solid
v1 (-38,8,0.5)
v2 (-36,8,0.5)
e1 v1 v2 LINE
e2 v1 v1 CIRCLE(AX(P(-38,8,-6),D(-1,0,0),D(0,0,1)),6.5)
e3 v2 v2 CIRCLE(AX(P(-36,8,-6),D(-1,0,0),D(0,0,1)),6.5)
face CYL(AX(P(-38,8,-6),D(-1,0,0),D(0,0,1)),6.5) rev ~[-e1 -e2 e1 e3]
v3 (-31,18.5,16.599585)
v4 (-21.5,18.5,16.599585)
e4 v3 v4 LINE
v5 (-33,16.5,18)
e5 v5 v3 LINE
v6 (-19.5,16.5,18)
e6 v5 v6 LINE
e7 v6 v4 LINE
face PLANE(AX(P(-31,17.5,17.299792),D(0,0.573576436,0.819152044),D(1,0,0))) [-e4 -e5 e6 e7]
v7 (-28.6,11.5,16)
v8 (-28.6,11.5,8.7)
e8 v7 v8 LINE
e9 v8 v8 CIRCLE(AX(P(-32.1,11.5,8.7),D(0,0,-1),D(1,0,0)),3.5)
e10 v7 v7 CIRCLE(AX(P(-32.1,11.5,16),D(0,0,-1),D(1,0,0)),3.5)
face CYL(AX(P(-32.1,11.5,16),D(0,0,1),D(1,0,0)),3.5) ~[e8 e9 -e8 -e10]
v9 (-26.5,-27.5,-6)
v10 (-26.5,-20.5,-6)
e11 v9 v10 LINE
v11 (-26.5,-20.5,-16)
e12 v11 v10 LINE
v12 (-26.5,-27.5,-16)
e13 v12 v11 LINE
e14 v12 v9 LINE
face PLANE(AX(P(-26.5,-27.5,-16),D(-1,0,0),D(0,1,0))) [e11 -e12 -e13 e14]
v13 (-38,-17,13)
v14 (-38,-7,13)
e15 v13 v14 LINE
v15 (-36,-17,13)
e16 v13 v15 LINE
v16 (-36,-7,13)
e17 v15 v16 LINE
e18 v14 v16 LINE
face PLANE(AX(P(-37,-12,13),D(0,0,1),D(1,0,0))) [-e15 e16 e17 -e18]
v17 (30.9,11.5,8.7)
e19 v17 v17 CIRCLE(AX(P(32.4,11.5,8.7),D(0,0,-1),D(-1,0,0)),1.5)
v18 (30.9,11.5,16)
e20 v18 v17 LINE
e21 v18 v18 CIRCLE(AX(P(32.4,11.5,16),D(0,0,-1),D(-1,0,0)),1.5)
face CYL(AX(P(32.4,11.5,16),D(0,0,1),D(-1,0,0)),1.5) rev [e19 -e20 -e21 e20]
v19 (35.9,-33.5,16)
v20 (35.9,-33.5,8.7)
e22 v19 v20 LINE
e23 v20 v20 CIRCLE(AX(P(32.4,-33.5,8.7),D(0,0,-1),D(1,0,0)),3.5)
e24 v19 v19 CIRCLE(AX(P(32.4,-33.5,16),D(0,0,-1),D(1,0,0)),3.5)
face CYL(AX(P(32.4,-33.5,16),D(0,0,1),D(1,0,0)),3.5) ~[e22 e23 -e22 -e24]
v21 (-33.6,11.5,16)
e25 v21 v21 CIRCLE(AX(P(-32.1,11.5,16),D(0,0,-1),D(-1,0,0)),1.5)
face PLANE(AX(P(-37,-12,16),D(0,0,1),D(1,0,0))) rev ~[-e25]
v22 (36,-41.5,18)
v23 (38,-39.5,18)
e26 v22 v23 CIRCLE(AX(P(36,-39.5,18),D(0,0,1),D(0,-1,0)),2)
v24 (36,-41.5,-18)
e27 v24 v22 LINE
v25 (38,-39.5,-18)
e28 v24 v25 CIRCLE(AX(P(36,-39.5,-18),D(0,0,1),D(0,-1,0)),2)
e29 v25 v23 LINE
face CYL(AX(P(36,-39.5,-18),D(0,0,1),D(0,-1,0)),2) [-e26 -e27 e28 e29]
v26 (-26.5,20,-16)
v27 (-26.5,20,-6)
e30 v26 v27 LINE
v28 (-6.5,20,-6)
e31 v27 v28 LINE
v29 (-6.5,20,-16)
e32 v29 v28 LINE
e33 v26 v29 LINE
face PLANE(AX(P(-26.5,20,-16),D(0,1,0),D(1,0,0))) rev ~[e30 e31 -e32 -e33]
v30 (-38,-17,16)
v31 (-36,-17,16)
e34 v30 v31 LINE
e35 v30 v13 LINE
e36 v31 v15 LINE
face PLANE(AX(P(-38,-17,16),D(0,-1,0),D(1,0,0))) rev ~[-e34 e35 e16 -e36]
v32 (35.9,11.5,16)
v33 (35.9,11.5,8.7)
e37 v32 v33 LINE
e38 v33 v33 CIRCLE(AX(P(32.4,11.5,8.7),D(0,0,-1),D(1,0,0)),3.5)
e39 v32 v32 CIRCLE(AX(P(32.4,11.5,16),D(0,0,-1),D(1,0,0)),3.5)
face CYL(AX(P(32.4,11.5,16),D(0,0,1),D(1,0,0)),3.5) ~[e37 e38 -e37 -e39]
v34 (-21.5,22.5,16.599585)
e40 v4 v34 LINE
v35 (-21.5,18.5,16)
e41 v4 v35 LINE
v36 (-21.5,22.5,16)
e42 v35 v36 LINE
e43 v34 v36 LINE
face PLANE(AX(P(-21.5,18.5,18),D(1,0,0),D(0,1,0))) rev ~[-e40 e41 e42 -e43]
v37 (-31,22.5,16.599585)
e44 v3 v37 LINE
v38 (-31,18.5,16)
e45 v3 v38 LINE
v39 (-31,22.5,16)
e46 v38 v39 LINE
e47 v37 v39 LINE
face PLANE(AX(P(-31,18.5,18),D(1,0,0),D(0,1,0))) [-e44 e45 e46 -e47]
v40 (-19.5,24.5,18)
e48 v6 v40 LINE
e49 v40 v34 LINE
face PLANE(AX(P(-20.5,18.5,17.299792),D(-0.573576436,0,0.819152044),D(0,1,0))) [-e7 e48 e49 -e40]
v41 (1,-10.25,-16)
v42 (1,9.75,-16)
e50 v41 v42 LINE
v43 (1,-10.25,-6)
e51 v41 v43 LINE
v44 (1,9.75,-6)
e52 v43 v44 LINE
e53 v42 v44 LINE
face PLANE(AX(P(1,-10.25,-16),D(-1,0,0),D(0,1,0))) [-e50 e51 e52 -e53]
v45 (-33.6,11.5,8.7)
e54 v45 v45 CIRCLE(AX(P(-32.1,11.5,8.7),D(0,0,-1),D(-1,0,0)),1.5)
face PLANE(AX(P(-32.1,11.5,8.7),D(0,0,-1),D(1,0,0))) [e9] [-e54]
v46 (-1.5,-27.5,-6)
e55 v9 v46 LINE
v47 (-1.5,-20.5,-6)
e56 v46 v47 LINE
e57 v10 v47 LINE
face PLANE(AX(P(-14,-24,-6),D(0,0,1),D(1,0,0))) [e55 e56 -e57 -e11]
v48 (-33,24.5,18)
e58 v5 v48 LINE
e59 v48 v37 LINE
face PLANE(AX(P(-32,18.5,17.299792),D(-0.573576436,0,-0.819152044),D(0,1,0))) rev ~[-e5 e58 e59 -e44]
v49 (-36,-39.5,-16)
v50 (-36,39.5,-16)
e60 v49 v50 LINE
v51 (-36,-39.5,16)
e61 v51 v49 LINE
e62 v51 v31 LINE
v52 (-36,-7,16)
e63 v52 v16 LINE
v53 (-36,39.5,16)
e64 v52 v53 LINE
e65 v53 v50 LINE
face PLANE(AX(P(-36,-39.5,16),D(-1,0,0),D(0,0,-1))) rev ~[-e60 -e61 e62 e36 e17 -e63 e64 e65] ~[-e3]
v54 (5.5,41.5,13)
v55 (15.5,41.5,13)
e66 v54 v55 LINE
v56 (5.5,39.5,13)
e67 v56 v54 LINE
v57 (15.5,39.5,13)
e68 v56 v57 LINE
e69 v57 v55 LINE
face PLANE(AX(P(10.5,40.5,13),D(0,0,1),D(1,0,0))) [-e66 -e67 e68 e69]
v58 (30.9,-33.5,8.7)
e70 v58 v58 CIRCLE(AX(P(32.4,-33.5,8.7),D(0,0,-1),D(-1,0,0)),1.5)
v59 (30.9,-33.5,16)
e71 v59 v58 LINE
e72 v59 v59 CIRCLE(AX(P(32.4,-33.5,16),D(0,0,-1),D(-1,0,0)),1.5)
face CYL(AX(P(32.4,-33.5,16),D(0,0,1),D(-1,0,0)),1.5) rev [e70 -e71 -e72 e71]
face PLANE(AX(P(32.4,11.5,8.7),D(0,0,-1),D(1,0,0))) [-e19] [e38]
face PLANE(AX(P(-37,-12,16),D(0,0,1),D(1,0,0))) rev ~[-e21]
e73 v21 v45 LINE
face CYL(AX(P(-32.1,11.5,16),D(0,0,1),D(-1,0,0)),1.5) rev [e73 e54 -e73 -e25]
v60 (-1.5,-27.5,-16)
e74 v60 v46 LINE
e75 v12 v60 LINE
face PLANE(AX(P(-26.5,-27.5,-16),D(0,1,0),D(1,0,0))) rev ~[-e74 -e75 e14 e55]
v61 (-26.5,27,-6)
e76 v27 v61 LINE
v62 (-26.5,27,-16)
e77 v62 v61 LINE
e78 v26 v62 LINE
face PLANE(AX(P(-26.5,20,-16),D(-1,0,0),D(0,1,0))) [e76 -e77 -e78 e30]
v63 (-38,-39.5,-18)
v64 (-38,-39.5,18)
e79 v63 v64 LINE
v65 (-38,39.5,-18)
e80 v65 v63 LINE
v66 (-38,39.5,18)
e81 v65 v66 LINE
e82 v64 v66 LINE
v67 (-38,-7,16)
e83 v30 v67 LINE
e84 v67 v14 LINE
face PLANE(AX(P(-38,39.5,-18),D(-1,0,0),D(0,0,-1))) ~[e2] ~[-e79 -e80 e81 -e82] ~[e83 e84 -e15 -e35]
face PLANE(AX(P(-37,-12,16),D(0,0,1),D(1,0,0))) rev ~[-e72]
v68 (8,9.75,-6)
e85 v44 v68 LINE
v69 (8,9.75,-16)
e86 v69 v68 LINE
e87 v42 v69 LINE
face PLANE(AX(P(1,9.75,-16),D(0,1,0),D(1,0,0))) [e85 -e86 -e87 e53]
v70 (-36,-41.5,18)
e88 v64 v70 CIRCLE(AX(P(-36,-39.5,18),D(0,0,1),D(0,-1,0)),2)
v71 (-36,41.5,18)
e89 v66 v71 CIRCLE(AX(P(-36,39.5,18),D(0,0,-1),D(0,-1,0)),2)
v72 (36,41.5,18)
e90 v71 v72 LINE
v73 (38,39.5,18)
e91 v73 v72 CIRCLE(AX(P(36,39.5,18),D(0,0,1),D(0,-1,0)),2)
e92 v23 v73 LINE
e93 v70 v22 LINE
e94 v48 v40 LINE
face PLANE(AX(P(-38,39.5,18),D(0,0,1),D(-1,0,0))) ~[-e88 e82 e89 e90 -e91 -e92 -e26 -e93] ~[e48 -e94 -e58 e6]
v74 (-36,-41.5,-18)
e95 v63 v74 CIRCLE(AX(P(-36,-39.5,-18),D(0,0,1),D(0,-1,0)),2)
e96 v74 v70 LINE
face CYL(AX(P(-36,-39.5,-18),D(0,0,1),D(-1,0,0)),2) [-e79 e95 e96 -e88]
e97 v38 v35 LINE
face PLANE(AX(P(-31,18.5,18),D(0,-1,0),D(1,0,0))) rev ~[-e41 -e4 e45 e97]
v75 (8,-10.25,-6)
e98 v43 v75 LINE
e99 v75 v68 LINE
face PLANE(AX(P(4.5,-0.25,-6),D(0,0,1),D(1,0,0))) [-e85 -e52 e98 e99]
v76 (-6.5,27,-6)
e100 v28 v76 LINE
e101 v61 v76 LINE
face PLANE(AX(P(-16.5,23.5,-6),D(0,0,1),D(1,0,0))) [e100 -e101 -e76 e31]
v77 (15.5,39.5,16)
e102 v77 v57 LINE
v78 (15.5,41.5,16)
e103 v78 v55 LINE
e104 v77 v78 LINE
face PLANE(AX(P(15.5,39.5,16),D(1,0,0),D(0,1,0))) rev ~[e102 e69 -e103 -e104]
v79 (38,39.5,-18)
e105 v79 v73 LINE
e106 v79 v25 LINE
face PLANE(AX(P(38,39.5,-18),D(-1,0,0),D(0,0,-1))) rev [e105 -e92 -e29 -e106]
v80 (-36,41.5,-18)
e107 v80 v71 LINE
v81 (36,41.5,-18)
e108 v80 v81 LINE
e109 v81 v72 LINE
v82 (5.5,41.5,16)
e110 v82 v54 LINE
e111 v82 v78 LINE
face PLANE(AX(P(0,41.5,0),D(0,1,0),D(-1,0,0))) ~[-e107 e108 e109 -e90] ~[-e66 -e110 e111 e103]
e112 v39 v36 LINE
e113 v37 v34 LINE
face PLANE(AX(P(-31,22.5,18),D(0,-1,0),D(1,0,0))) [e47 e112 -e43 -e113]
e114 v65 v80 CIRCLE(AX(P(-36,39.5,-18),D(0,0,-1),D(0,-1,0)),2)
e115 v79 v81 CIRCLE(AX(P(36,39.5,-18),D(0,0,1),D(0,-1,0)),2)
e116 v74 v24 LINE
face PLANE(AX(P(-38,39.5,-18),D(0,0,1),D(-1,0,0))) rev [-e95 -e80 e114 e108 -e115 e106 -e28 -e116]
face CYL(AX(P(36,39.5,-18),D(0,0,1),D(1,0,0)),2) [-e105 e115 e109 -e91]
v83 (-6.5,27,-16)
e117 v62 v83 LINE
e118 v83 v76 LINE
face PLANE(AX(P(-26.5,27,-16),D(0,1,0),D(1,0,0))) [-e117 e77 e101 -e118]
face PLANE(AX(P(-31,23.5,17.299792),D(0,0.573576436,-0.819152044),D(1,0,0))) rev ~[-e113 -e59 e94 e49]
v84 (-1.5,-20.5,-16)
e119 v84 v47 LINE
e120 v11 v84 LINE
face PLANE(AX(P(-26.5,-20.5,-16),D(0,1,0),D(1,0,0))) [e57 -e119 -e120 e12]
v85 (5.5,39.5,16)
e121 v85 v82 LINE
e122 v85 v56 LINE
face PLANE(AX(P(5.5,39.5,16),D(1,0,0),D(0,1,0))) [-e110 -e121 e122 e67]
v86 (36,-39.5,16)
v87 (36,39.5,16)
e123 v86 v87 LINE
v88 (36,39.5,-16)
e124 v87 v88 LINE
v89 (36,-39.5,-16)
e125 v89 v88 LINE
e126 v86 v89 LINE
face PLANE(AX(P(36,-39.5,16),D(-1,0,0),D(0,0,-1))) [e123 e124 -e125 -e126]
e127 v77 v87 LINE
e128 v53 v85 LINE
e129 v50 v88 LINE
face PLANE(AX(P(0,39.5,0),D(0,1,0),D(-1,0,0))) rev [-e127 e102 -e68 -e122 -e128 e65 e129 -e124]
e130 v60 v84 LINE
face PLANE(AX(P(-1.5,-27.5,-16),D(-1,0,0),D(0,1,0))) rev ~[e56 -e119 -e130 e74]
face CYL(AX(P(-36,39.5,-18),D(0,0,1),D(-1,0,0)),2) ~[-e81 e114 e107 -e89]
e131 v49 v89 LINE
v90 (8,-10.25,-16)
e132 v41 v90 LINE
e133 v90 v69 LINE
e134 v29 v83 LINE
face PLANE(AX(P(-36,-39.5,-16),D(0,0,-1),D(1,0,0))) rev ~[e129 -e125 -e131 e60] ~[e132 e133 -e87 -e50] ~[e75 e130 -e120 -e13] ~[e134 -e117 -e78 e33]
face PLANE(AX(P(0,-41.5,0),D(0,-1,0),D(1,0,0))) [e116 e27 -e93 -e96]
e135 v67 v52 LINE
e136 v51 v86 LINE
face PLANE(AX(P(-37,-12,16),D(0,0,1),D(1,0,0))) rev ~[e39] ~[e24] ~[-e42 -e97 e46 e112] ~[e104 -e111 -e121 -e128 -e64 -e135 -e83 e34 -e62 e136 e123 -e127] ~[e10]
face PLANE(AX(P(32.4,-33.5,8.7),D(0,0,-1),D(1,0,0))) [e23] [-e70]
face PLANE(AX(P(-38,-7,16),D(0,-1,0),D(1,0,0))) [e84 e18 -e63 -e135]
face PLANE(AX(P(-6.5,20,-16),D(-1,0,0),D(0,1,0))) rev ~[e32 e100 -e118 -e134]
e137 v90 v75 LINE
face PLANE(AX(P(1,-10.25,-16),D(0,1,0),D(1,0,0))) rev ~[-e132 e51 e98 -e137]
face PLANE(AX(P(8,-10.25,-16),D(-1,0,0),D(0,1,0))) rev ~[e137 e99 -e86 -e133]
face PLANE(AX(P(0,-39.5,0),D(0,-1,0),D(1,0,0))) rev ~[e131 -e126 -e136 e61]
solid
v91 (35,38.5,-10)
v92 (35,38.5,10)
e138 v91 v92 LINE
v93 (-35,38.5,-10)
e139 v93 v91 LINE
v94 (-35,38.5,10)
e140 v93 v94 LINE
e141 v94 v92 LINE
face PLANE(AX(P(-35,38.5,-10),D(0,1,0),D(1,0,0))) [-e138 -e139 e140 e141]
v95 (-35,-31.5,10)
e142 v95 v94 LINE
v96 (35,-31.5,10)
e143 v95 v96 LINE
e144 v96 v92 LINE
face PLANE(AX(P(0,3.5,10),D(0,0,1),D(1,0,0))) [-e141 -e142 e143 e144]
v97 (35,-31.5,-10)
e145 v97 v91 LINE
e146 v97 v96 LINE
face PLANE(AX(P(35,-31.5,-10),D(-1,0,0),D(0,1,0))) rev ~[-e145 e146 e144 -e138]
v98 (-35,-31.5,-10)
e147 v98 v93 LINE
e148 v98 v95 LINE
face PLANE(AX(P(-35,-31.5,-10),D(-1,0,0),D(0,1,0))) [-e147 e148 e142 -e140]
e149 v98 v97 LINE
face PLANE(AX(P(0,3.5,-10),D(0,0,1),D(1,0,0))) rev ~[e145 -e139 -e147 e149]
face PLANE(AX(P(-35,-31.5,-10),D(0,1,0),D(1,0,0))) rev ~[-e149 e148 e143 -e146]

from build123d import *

# Parameters (mm, degrees)
BOSS_EXTRUDE2_DEPTH      = 39.5
BOSS_EXTRUDE2_DEPTH_BACK = 39.5
SKETCH1_W                = 76
SKETCH1_H                = 36
SKETCH1_W_2              = 72
SKETCH1_H_2              = 32
SKETCH2_W                = 76
SKETCH2_H                = 36
BOSS_EXTRUDE3_DEPTH      = 2
BOSS_EXTRUDE4_DEPTH      = 10
BOSS_EXTRUDE4_DEPTH_BACK = 10
SKETCH6_W                = 70
SKETCH6_H                = 70
FILLET1_R                = 2
SKETCH7_W                = 2
SKETCH7_H                = 10
SKETCH7_W_2              = 10
SKETCH7_H_2              = 2
CUT_EXTRUDE1_DEPTH       = 3
SKETCH8_R                = 6.5
CUT_EXTRUDE2_DEPTH       = 2
SKETCH9_W                = 20
SKETCH9_H                = 7
SKETCH9_W_2              = 25
SKETCH9_W_3              = 7
SKETCH9_H_2              = 20
BOSS_EXTRUDE5_DEPTH      = 10
SKETCH10_W               = 9.5
SKETCH10_H               = 4
CUT_EXTRUDE3_DEPTH       = 2
CHAMFER1_SIZE            = 2
CHAMFER1_SIZE2           = 1.400415076
SKETCH11_R               = 3.5
SKETCH11_R_2             = 1.5
BOSS_EXTRUDE10_DEPTH     = 7.3


with BuildPart() as part:
    # Sketch1 → Boss-Extrude2 (new, two sides: drawn at the far end of the back side and taken through both)
    with BuildSketch(Plane(origin=(0, 0, 0), x_dir=(1, 0, 0), z_dir=(0, 1, 0)).offset(-BOSS_EXTRUDE2_DEPTH_BACK)):
        Rectangle(SKETCH1_W, SKETCH1_H)
        Rectangle(SKETCH1_W_2, SKETCH1_H_2, mode=Mode.SUBTRACT)
    extrude(amount=BOSS_EXTRUDE2_DEPTH + BOSS_EXTRUDE2_DEPTH_BACK)

    # Sketch2 → Boss-Extrude3 (add)
    with BuildSketch(Plane.XZ.offset(39.5)):
        Rectangle(SKETCH2_W, SKETCH2_H)
    boss_extrude3 = extrude(amount=BOSS_EXTRUDE3_DEPTH)

    # Mirror1: Boss-Extrude3 across plane
    add(boss_extrude3.mirror(Plane.ZX))

    # Fillet1
    fillet1_edges = [part.edges().sort_by_distance(p)[0] for p in [
        (38, -41.5, 0),
        (-38, -41.5, 0),
        (38, 41.5, 0),
        (-38, 41.5, 0),
    ]]
    fillet(fillet1_edges, radius=FILLET1_R)

    # Sketch7 → Cut-Extrude1 (cut)
    with BuildSketch(Plane.XY.offset(16)):
        with Locations((-37, -12)):
            Rectangle(SKETCH7_W, SKETCH7_H)
        with Locations((10.5, 40.5)):
            Rectangle(SKETCH7_W_2, SKETCH7_H_2)
    extrude(amount=-CUT_EXTRUDE1_DEPTH, mode=Mode.SUBTRACT)

    # Sketch8 → Cut-Extrude2 (cut)
    with BuildSketch(Plane.ZY.offset(38)):
        with Locations((-6, 8)):
            Circle(SKETCH8_R)
    extrude(amount=-CUT_EXTRUDE2_DEPTH, mode=Mode.SUBTRACT)

    # Sketch9 → Boss-Extrude5 (add)
    with BuildSketch(Plane.XY.offset(-16)):
        with Locations((-16.5, 23.5)):
            Rectangle(SKETCH9_W, SKETCH9_H)
        with Locations((-14, -24)):
            Rectangle(SKETCH9_W_2, SKETCH9_H)
        with Locations((4.5, -0.25)):
            Rectangle(SKETCH9_W_3, SKETCH9_H_2)
    extrude(amount=BOSS_EXTRUDE5_DEPTH)

    # Sketch10 → Cut-Extrude3 (cut)
    with BuildSketch(Plane.XY.offset(18)):
        with Locations((-26.25, 20.5)):
            Rectangle(SKETCH10_W, SKETCH10_H)
    extrude(amount=-CUT_EXTRUDE3_DEPTH, mode=Mode.SUBTRACT)

    # Chamfer1
    chamfer1_edges = [part.edges().sort_by_distance(p)[0] for p in [
        (-21.5, 20.5, 18),
        (-26.25, 22.5, 18),
        (-31, 20.5, 18),
        (-26.25, 18.5, 18),
    ]]
    chamfer1_side = [part.faces().sort_by_distance(p)[0] for p in [
        (0.15917808, -0.1243105, 18),
    ]]
    chamfer(chamfer1_edges, length=CHAMFER1_SIZE, length2=CHAMFER1_SIZE2, reference=chamfer1_side[0])

    # Sketch11 → Boss-Extrude10 (add)
    # profile 1 of 3: a face of its own
    with BuildSketch(Plane(origin=(0, 0, 16), x_dir=(-1, 0, 0), z_dir=(0, 0, -1))):
        with Locations(Location((32.1, 11.5, 0), (0, 0, 180))):
            Circle(SKETCH11_R)
        with Locations((32.1, 11.5)):
            Circle(SKETCH11_R_2, mode=Mode.SUBTRACT)
    # profile 2 of 3: a face of its own
    with BuildSketch(Plane(origin=(0, 0, 16), x_dir=(-1, 0, 0), z_dir=(0, 0, -1))):
        with Locations(Location((-32.4, -33.5, 0), (0, 0, 180))):
            Circle(SKETCH11_R)
        with Locations((-32.4, -33.5)):
            Circle(SKETCH11_R_2, mode=Mode.SUBTRACT)
    # profile 3 of 3: a face of its own
    with BuildSketch(Plane(origin=(0, 0, 16), x_dir=(-1, 0, 0), z_dir=(0, 0, -1))):
        with Locations(Location((-32.4, 11.5, 0), (0, 0, 180))):
            Circle(SKETCH11_R)
        with Locations((-32.4, 11.5)):
            Circle(SKETCH11_R_2, mode=Mode.SUBTRACT)
    extrude(amount=BOSS_EXTRUDE10_DEPTH)


with BuildPart() as body_2:
    # Sketch6 → Boss-Extrude4 (new, two sides: drawn at the far end of the back side and taken through both)
    with BuildSketch(Plane.XY.offset(-BOSS_EXTRUDE4_DEPTH_BACK)):
        with Locations((0, 3.5)):
            Rectangle(SKETCH6_W, SKETCH6_H)
    extrude(amount=BOSS_EXTRUDE4_DEPTH + BOSS_EXTRUDE4_DEPTH_BACK)


solid = Compound([part.part, body_2.part])
